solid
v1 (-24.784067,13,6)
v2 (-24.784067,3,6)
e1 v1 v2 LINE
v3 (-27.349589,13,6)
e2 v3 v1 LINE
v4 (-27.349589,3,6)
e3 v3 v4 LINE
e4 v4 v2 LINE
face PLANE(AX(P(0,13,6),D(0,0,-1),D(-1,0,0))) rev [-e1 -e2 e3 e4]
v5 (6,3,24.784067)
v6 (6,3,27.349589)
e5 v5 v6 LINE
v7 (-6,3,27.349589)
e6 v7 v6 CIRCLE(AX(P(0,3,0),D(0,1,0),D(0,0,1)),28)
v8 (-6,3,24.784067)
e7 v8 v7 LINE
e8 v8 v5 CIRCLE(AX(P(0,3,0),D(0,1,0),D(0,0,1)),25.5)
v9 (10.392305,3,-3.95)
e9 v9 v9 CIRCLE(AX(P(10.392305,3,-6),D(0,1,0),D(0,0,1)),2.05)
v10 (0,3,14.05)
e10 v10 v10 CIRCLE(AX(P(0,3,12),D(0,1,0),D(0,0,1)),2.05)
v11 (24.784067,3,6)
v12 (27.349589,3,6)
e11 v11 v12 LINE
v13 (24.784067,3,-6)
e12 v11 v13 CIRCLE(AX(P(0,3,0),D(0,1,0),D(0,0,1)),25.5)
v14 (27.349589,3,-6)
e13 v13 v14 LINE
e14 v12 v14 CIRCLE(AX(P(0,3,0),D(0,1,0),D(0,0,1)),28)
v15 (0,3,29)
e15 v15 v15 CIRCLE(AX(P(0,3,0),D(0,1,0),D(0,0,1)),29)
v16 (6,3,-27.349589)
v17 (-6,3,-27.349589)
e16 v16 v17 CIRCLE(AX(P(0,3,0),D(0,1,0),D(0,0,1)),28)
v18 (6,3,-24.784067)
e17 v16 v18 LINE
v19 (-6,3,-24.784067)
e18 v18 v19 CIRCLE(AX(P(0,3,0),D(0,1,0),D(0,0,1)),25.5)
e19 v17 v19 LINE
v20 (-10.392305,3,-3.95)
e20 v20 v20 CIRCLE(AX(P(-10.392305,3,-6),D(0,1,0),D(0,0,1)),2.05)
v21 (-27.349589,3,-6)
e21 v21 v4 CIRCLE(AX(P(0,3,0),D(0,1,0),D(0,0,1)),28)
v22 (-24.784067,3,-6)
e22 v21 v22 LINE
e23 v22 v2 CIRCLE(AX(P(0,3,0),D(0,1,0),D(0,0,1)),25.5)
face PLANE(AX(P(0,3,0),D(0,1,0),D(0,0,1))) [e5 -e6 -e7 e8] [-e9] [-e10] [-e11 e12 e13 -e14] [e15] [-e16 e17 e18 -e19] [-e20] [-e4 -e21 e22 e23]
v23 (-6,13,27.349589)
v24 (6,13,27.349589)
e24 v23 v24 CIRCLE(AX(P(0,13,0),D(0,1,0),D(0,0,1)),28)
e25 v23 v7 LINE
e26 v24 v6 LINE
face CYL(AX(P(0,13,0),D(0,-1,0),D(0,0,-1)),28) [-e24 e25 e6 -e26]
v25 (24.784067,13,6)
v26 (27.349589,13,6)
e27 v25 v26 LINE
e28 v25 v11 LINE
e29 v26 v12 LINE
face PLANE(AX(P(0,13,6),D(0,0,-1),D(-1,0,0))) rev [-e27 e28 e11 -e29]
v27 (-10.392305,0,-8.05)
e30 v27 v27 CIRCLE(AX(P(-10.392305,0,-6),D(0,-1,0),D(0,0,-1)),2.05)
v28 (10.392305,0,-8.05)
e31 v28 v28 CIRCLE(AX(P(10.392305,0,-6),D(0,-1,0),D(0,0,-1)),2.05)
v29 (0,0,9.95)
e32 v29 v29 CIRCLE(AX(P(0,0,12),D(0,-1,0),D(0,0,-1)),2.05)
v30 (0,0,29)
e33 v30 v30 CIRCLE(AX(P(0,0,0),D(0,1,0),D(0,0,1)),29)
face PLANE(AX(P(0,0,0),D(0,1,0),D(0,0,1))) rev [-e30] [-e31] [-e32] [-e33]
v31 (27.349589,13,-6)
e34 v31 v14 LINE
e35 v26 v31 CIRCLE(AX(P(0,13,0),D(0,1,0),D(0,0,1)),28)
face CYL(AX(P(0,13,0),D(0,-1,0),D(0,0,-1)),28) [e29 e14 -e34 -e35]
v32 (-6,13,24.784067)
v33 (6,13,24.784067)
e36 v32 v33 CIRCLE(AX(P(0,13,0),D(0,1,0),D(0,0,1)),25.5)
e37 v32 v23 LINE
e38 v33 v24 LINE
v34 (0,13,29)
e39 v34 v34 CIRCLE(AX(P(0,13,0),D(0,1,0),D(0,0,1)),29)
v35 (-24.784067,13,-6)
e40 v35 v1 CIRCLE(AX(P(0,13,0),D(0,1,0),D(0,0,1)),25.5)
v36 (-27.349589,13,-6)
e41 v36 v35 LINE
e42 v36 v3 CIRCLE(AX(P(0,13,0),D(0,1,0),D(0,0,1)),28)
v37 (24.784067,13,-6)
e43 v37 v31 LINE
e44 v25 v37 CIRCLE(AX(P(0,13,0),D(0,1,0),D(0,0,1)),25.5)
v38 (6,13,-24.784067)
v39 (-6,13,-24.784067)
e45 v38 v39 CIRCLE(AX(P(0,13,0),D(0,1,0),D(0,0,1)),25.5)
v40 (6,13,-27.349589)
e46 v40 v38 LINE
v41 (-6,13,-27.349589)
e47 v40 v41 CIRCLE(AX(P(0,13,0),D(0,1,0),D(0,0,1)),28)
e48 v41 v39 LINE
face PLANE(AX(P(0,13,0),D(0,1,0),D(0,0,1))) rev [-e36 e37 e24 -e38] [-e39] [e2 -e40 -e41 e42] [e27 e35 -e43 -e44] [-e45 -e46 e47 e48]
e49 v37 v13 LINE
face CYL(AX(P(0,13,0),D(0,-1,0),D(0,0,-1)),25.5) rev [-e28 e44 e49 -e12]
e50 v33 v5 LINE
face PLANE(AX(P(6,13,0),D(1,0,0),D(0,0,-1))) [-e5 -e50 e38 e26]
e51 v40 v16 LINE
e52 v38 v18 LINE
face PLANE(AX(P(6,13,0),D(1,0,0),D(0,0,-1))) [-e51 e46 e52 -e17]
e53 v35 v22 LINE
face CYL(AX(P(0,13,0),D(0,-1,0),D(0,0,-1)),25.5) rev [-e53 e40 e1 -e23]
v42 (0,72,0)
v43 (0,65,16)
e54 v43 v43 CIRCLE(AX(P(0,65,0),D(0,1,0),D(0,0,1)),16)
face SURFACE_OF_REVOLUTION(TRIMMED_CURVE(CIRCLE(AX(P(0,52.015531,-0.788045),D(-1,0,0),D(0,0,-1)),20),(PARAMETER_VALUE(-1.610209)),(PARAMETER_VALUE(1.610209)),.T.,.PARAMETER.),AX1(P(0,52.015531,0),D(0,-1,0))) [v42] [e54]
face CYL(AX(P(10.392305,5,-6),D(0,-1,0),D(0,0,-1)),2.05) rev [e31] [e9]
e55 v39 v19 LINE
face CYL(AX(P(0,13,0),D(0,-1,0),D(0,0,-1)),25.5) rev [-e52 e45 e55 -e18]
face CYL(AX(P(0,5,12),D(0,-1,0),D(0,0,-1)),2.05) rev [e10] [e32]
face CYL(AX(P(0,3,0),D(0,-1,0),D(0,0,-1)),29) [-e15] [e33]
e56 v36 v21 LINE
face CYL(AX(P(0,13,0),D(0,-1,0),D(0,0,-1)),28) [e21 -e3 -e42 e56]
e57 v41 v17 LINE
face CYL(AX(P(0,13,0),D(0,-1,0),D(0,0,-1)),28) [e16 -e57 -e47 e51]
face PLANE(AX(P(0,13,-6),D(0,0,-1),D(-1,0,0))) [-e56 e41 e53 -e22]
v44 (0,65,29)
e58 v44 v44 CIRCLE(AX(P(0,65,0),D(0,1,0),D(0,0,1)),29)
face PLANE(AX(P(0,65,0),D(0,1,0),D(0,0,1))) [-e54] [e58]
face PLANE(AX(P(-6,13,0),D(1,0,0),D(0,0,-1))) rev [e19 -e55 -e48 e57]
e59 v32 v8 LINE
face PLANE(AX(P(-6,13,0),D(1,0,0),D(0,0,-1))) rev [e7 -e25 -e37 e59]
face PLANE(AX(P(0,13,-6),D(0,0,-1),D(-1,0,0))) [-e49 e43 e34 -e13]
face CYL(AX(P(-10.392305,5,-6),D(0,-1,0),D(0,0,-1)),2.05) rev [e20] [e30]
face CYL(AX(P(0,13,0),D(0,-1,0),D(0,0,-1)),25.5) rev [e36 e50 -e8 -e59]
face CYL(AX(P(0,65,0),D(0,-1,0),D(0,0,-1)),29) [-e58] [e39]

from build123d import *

# Parameters (mm, degrees)
SKETCH1_R           = 29
BOSS_EXTRUDE1_DEPTH = 3
BOSS_EXTRUDE2_DEPTH = 10
SKETCH3_R           = 29
BOSS_EXTRUDE3_DEPTH = 52
SKETCH5_R           = 2.05
CUT_EXTRUDE1_DEPTH  = 5


with BuildPart() as part:
    # Sketch1 → Boss-Extrude1 (new body)
    with BuildSketch(Plane(origin=(0, 0, 0), x_dir=(1, 0, 0), z_dir=(0, 1, 0))):
        Circle(SKETCH1_R)
    extrude(amount=BOSS_EXTRUDE1_DEPTH)

    # Sketch2 → Boss-Extrude2 (add)
    with BuildSketch(Plane(origin=(0, 3, 0), x_dir=(1, 0, 0), z_dir=(0, 1, 0))):
        with BuildLine():
            ThreePointArc((-27.349588662, 6), (-28, 0), (-27.349588662, -6))
            Line((-27.349588662, -6), (-24.784067463, -6))
            ThreePointArc((-24.784067463, -6), (-25.5, 0), (-24.784067463, 6))
            Line((-24.784067463, 6), (-27.349588662, 6))
        make_face()
        with BuildLine():
            Line((24.784067463, -6), (27.349588662, -6))
            ThreePointArc((27.349588662, -6), (27.836922267, -3.017574975), (28, 0))
            ThreePointArc((28, 0), (27.836922267, 3.017574975), (27.349588662, 6))
            Line((27.349588662, 6), (24.784067463, 6))
            ThreePointArc((24.784067463, 6), (25.320384281, 3.02128116), (25.5, 0))
            ThreePointArc((25.5, 0), (25.320384281, -3.02128116), (24.784067463, -6))
        make_face()
        with BuildLine():
            Line((-6, -24.784067463), (-6, -27.349588662))
            ThreePointArc((-6, -27.349588662), (0, -28), (6, -27.349588662))
            Line((6, -27.349588662), (6, -24.784067463))
            ThreePointArc((6, -24.784067463), (0, -25.5), (-6, -24.784067463))
        make_face()
        with BuildLine():
            ThreePointArc((6, 27.349588662), (0, 28), (-6, 27.349588662))
            Line((-6, 27.349588662), (-6, 24.784067463))
            ThreePointArc((-6, 24.784067463), (0, 25.5), (6, 24.784067463))
            Line((6, 24.784067463), (6, 27.349588662))
        make_face()
    extrude(amount=BOSS_EXTRUDE2_DEPTH)

    # Sketch3 → Boss-Extrude3 (add)
    with BuildSketch(Plane(origin=(0, 13, 0), x_dir=(1, 0, 0), z_dir=(0, 1, 0))):
        Circle(SKETCH3_R)
    extrude(amount=BOSS_EXTRUDE3_DEPTH)

    # Sketch4 → Revolve1 (revolve)
    with BuildSketch(Plane.XY):
        with BuildLine():
            Line((0, 65), (0, 72))
            ThreePointArc((0, 72), (8.804421669, 70.338678101), (16, 65))
            Line((16, 65), (0, 65))
        make_face()
    revolve(axis=Axis((0, 65, 0), (0, 1, 0)))

    # Sketch5 → Cut-Extrude1 (cut)
    with BuildSketch(Plane.XZ):
        with Locations((0, 12)):
            Circle(SKETCH5_R)
        with Locations((10.392304845, -6)):
            Circle(SKETCH5_R)
        with Locations((-10.392304845, -6)):
            Circle(SKETCH5_R)
    extrude(amount=-CUT_EXTRUDE1_DEPTH, mode=Mode.SUBTRACT)


solid = part.part
